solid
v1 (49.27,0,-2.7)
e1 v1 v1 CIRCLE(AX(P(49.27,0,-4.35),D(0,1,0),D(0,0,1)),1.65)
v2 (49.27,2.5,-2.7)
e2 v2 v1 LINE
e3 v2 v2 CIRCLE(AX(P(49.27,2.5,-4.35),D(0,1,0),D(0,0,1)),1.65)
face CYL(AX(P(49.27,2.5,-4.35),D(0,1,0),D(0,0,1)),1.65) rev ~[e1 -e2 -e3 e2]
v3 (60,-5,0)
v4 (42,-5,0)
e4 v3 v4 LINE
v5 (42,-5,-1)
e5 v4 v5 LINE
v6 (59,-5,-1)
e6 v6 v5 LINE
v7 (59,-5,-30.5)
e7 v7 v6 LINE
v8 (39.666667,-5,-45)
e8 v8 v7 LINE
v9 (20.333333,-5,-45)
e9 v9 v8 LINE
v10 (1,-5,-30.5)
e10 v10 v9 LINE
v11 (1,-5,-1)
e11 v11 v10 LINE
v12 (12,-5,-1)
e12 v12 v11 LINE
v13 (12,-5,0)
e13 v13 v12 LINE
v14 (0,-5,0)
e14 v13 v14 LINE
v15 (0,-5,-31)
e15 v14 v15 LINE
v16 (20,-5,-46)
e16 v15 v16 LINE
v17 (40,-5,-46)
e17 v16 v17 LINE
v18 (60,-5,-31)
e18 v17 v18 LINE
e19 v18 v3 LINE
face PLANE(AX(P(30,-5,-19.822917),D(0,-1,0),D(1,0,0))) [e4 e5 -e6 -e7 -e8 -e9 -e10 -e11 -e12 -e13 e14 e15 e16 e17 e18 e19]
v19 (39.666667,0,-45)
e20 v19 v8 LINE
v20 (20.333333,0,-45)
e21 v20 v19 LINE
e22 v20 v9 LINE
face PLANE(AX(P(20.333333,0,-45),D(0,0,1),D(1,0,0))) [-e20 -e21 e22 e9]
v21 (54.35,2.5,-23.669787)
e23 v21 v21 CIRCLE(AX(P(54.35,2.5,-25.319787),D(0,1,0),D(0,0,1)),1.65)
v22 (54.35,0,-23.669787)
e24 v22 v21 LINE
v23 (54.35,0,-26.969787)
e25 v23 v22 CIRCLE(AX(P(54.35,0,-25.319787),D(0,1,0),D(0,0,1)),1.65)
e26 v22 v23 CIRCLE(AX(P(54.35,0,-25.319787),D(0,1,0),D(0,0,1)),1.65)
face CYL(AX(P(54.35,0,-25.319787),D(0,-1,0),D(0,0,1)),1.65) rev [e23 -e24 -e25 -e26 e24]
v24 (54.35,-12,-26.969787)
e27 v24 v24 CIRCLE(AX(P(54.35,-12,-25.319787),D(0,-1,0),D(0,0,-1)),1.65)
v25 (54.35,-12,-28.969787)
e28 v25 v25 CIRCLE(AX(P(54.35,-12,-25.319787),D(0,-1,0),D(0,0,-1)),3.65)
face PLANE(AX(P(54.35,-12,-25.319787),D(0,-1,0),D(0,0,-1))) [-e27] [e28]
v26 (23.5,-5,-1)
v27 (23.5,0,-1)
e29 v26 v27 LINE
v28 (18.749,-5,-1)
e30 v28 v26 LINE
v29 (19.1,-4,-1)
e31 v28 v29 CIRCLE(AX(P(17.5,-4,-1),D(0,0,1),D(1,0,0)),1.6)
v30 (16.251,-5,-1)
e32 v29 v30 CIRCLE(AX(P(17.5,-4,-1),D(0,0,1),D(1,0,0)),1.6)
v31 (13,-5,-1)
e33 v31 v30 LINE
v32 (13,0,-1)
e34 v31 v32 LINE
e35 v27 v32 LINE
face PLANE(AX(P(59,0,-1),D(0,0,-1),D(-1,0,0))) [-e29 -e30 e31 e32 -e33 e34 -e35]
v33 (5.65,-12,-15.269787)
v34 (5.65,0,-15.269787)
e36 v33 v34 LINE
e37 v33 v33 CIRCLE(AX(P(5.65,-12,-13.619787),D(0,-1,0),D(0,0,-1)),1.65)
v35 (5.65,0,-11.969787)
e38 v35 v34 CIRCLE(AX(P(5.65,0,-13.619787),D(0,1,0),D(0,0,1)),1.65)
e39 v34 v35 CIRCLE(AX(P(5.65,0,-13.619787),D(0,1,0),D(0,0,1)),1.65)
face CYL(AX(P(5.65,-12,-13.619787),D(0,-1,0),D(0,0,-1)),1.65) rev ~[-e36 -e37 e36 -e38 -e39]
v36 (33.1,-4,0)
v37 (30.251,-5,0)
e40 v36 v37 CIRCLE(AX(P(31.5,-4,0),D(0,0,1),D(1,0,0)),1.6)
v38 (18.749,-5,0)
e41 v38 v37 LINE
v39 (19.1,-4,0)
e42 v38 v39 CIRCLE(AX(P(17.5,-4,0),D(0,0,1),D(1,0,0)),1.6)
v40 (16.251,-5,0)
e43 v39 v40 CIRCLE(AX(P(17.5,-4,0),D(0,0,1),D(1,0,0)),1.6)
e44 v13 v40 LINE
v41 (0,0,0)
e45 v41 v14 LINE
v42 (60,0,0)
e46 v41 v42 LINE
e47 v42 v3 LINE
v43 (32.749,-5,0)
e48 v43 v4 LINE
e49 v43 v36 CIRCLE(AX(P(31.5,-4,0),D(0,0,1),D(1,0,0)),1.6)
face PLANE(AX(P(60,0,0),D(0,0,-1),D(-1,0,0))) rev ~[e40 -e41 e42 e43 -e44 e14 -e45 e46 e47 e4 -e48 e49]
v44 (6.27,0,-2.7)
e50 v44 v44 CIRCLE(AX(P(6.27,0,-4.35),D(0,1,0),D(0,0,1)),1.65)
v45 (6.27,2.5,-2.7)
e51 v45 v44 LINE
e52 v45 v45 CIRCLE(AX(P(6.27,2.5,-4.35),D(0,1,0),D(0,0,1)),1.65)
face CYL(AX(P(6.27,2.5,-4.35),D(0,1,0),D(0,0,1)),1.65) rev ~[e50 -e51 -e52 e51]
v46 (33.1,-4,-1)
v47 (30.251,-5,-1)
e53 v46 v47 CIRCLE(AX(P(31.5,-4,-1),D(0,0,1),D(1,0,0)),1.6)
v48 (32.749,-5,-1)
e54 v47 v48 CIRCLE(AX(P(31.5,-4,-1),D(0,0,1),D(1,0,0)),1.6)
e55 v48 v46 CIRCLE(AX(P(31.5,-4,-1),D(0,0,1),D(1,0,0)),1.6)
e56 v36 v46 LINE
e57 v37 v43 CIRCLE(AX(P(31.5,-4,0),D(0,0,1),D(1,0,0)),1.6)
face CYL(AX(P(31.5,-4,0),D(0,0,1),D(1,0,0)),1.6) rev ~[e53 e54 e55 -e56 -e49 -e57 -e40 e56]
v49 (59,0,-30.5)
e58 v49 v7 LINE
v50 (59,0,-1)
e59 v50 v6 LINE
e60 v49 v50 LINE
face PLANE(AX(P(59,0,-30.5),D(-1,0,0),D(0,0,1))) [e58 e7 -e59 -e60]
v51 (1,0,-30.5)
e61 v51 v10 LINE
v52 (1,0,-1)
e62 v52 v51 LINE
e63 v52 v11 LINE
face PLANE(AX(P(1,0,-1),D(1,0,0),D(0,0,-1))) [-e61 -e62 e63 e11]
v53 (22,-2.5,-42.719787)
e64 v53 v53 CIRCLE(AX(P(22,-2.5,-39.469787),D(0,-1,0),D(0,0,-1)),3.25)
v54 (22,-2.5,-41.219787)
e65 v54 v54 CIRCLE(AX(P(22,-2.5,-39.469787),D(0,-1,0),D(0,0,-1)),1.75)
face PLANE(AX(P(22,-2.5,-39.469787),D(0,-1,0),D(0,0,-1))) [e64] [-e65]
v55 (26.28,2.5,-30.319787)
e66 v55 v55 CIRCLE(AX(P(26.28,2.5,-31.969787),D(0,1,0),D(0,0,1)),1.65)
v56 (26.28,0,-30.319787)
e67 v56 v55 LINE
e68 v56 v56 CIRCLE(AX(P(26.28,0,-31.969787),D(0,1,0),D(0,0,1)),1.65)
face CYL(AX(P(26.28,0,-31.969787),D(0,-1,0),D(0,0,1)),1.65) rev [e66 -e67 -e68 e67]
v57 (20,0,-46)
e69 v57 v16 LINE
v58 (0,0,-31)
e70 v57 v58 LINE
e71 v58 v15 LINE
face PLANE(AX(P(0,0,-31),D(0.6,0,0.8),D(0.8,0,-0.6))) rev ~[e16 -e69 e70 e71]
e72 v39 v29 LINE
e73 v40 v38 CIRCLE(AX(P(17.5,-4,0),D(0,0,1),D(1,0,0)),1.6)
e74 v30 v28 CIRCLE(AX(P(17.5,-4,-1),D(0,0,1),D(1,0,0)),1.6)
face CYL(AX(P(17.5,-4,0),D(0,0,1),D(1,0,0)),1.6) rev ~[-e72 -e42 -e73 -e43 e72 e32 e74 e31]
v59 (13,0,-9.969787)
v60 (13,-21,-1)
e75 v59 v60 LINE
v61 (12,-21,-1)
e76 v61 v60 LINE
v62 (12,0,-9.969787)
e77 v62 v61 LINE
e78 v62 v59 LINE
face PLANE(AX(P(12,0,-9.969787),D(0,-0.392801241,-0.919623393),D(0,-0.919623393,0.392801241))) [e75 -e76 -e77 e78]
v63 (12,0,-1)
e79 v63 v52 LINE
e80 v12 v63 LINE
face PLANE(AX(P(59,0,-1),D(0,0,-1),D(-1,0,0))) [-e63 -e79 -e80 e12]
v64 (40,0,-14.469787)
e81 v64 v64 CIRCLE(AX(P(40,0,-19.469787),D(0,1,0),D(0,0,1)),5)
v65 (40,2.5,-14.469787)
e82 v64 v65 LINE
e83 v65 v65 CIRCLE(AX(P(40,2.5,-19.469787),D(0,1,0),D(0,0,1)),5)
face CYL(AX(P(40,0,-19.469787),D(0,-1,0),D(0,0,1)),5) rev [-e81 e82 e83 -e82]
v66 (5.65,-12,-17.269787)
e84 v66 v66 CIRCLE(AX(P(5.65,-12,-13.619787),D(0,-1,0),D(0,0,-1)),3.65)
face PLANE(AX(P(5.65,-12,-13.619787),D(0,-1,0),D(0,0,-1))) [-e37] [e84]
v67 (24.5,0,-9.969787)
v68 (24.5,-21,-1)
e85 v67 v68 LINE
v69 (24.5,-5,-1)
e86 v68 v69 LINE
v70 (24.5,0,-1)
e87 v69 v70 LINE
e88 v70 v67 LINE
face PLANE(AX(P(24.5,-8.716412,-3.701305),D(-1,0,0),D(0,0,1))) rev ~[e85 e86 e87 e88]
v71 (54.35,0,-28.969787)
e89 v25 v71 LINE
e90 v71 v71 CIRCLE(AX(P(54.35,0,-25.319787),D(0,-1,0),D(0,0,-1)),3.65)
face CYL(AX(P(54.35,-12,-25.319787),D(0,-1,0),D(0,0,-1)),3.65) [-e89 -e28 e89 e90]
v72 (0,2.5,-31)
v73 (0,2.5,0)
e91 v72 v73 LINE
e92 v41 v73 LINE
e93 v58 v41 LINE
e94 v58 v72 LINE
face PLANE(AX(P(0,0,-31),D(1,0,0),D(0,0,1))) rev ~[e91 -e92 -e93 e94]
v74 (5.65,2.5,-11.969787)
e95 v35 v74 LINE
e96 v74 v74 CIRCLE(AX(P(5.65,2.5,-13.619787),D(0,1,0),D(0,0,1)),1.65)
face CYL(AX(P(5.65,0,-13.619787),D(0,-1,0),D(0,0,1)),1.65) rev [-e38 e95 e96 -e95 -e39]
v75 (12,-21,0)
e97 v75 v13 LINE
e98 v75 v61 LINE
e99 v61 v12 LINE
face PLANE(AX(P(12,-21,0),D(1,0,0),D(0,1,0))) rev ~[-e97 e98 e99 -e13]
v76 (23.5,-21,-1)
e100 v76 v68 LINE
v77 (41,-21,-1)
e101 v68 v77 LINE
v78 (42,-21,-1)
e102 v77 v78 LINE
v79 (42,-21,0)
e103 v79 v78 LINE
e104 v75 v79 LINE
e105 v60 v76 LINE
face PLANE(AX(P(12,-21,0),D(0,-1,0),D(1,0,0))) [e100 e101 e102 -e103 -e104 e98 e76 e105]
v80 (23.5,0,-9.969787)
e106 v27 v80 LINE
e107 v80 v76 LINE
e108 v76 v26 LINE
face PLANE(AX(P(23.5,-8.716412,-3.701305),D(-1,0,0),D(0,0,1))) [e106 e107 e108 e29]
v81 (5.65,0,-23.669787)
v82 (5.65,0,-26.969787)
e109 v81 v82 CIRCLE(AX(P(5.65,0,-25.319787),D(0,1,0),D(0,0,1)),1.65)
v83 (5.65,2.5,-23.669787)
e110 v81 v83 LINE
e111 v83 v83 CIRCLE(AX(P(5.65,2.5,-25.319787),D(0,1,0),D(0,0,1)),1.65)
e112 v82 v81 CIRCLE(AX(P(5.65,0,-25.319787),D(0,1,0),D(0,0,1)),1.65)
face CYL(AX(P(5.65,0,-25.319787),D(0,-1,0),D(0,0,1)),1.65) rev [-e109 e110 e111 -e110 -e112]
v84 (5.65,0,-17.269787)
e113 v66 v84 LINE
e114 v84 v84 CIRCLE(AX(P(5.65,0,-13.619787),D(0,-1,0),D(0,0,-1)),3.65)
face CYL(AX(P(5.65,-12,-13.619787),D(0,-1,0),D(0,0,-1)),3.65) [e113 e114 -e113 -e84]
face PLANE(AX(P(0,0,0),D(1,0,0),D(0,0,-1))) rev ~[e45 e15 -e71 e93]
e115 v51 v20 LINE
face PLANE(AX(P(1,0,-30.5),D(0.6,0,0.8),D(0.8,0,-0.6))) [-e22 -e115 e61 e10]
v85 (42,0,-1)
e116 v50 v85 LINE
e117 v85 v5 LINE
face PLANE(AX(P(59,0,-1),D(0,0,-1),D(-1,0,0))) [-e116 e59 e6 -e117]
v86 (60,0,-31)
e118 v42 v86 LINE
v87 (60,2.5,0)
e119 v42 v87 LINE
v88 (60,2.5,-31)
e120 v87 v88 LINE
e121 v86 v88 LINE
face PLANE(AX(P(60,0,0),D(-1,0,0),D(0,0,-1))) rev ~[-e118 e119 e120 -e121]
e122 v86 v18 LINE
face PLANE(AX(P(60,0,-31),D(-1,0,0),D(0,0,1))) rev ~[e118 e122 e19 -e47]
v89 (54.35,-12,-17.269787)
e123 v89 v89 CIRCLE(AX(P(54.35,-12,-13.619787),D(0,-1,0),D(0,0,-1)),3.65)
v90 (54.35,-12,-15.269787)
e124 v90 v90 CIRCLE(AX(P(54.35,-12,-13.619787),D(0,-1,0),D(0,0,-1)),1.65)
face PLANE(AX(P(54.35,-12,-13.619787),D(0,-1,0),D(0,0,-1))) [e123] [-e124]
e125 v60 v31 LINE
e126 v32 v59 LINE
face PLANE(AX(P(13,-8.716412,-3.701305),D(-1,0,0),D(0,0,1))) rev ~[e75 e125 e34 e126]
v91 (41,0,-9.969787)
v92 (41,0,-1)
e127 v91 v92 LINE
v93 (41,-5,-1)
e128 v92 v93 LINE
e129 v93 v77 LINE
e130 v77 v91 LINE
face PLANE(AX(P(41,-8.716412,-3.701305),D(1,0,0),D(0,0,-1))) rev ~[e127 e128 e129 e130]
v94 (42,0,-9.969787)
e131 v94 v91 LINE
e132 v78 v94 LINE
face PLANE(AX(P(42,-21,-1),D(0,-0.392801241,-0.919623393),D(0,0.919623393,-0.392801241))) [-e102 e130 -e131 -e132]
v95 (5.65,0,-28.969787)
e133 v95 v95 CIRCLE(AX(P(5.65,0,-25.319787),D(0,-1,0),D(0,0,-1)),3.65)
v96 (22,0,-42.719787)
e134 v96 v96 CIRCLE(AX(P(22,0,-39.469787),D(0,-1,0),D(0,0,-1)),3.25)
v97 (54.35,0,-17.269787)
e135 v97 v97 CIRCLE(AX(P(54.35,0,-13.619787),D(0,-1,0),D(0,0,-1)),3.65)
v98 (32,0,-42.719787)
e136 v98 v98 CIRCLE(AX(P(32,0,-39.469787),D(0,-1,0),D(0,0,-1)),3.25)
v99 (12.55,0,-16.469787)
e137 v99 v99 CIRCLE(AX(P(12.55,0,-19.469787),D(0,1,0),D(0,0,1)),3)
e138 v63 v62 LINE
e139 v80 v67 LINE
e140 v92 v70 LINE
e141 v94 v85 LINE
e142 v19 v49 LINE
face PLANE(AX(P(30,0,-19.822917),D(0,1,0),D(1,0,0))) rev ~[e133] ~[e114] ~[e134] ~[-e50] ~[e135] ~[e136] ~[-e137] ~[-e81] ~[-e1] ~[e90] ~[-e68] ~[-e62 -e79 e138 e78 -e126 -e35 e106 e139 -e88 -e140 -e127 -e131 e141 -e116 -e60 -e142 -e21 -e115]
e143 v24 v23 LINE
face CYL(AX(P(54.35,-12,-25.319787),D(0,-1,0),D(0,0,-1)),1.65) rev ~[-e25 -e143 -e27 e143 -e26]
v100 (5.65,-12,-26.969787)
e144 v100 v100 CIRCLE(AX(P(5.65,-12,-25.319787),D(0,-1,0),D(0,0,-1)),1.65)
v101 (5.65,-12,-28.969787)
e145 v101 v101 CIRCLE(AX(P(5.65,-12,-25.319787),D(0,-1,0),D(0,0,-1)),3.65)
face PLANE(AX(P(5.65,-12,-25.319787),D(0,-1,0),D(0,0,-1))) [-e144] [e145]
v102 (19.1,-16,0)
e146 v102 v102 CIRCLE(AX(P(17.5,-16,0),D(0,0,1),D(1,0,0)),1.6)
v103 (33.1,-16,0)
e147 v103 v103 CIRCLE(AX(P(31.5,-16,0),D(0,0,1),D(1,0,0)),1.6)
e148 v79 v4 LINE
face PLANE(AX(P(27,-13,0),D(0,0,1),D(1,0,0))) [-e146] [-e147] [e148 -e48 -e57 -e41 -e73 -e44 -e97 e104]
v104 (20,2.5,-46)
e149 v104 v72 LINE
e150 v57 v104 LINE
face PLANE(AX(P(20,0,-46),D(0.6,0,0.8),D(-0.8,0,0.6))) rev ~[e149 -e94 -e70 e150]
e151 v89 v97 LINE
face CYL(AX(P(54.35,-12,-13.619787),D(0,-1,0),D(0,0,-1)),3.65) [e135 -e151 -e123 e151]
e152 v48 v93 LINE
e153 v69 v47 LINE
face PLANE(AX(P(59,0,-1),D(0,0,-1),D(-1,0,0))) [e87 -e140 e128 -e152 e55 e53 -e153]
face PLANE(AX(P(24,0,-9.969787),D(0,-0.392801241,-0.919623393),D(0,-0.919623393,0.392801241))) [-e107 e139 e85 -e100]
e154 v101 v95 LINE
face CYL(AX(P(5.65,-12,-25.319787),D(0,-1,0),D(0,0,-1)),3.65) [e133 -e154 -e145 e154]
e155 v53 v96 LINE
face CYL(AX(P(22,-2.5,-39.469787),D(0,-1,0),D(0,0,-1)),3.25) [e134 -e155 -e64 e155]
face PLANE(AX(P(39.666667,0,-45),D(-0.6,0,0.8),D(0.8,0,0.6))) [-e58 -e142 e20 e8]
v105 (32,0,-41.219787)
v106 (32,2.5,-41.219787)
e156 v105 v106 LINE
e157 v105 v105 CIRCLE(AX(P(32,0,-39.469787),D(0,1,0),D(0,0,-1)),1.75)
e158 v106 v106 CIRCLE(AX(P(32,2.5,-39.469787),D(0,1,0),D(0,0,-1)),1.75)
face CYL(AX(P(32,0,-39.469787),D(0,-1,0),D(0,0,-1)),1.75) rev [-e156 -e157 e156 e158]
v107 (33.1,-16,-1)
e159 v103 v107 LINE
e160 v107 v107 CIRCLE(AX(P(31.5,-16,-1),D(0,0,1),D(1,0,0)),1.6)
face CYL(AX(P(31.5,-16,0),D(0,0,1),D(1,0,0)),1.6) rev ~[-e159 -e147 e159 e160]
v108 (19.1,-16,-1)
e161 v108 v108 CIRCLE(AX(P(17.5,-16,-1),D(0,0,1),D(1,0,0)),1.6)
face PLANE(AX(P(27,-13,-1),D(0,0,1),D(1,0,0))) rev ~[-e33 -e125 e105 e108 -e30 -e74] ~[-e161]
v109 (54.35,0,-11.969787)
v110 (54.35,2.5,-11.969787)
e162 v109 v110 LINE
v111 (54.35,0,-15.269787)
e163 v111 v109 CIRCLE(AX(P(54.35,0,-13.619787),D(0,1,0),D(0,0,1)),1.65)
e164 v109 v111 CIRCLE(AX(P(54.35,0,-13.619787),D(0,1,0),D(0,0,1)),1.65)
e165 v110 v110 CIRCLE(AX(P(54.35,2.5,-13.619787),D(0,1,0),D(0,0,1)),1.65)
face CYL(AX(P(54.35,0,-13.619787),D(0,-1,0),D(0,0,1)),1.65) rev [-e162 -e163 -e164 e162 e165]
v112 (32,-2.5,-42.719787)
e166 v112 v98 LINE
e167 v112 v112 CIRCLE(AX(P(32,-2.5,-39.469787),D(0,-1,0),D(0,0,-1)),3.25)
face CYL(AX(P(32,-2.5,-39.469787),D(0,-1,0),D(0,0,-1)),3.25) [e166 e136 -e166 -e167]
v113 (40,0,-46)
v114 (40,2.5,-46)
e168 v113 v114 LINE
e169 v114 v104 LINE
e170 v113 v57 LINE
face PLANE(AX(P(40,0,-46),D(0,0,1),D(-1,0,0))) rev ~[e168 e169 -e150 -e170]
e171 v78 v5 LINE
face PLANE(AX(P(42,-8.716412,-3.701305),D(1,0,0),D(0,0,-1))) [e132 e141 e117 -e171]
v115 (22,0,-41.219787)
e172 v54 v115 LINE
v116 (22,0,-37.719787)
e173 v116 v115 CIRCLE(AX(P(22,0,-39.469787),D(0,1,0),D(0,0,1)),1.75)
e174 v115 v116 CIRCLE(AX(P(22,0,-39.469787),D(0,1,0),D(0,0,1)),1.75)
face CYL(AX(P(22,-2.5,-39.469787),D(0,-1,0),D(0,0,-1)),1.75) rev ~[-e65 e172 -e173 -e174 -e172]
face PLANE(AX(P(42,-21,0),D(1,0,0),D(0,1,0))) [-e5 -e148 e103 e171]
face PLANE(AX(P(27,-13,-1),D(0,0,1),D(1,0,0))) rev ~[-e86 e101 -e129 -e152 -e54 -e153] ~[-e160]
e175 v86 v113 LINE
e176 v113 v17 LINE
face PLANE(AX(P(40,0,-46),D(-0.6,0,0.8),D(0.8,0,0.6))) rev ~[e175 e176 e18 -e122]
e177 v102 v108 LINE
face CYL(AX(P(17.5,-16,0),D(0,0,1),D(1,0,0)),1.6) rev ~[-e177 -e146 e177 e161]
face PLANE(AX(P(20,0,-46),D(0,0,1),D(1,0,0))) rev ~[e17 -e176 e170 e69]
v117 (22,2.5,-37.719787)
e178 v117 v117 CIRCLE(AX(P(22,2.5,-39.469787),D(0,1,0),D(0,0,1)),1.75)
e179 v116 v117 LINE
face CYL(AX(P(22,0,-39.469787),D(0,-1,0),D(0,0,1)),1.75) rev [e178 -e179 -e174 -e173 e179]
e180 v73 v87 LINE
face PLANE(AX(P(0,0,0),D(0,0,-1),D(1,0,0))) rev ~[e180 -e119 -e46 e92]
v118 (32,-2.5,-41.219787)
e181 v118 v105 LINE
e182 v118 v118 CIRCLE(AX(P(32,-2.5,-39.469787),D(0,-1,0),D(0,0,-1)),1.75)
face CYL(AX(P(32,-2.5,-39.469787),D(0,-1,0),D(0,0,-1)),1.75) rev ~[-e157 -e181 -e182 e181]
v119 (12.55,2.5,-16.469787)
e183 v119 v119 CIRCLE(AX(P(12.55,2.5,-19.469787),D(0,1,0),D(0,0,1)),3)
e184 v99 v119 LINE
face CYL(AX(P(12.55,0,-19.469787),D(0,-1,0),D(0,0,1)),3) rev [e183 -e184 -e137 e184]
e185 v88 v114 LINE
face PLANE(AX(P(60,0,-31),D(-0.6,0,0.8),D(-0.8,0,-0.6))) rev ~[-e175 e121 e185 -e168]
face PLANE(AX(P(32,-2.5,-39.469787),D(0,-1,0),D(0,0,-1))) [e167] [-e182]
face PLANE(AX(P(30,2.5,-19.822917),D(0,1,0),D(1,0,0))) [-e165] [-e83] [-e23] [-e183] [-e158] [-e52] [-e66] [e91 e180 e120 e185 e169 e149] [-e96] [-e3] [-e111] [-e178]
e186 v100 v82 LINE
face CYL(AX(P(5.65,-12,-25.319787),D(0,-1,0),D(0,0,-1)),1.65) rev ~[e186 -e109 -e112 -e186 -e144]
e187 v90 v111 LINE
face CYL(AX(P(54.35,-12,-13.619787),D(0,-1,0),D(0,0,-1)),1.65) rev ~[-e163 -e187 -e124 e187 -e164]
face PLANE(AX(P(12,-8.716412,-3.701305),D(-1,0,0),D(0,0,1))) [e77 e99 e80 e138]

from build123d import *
from build123d.topology import SkipClean

# Parameters (mm, degrees)
SKETCH_1_R          = 1.65
SKETCH_1_R_2        = 5
SKETCH_1_R_3        = 3
SKETCH_1_R_4        = 1.75
EXTRUDE_1_DEPTH     = 2.5
EXTRUDE_START       = 12
SKETCH_2_R          = 3.65
SKETCH_2_R_2        = 1.65
EXTRUDE_2_DEPTH     = 12
EXTRUDE_START_2     = 2.5
SKETCH_4_R          = 3.25
SKETCH_4_R_2        = 1.75
EXTRUDE_3_DEPTH     = 2.5
EXTRUDE_5_DEPTH     = 5
SKETCH_10_W         = 30
SKETCH_10_H         = 16
EXTRUDE_7_DEPTH     = 1
EXTRUDE_8_DEPTH     = 0.5
EXTRUDE_9_DEPTH     = 1
EXTRUDE_10_DEPTH    = 1
SKETCH_15_R         = 1.6
CUT_EXTRUDE_1_DEPTH = 1
SKETCH_16_R         = 1.65
CUT_EXTRUDE_2_DEPTH = 10


with BuildPart() as part:
    # 草图1 → 凸台-拉伸1 (new body)
    with BuildSketch(Plane(origin=(0, 0, 0), x_dir=(1, 0, 0), z_dir=(0, 1, 0))):
        Polygon((0, 0), (60, 0), (60, 31), (40, 46), (20, 46), (0, 31), align=None)
        with Locations(Location((5.65, 13.619787101, 0), (0, 0, 270))):
            Circle(SKETCH_1_R, mode=Mode.SUBTRACT)
        with Locations(Location((54.35, 13.619787101, 0), (0, 0, 270))):
            Circle(SKETCH_1_R, mode=Mode.SUBTRACT)
        with Locations(Location((5.65, 25.319787101, 0), (0, 0, 270))):
            Circle(SKETCH_1_R, mode=Mode.SUBTRACT)
        with Locations(Location((54.35, 25.319787101, 0), (0, 0, 270))):
            Circle(SKETCH_1_R, mode=Mode.SUBTRACT)
        with Locations(Location((40, 19.469787101, 0), (0, 0, 270))):
            Circle(SKETCH_1_R_2, mode=Mode.SUBTRACT)
        with Locations(Location((12.55, 19.469787101, 0), (0, 0, 270))):
            Circle(SKETCH_1_R_3, mode=Mode.SUBTRACT)
        with Locations(Location((26.28, 31.969787101, 0), (0, 0, 270))):
            Circle(SKETCH_1_R, mode=Mode.SUBTRACT)
        with Locations(Location((22, 39.469787101, 0), (0, 0, 270))):
            Circle(SKETCH_1_R_4, mode=Mode.SUBTRACT)
        with Locations(Location((32, 39.469787101, 0), (0, 0, 90))):
            Circle(SKETCH_1_R_4, mode=Mode.SUBTRACT)
    extrude(amount=EXTRUDE_1_DEPTH)

    # 草图2 → 凸台-拉伸2 (add)
    # profile 1 of 4: a face of its own
    with SkipClean():  # the faces are left unmerged after this step: merging them gives an invalid solid
        with BuildSketch(Plane.XZ.offset(EXTRUDE_START)):
            with Locations(Location((5.65, -13.619787101, 0), (0, 0, 270))):
                Circle(SKETCH_2_R)
            with Locations(Location((5.65, -13.619787101, 0), (0, 0, 270))):
                Circle(SKETCH_2_R_2, mode=Mode.SUBTRACT)
        # profile 2 of 4: a face of its own
        with BuildSketch(Plane.XZ.offset(EXTRUDE_START)):
            with Locations(Location((5.65, -25.319787101, 0), (0, 0, 270))):
                Circle(SKETCH_2_R)
            with Locations(Location((5.65, -25.319787101, 0), (0, 0, 270))):
                Circle(SKETCH_2_R_2, mode=Mode.SUBTRACT)
        # profile 3 of 4: a face of its own
        with BuildSketch(Plane.XZ.offset(EXTRUDE_START)):
            with Locations(Location((54.35, -13.619787101, 0), (0, 0, 270))):
                Circle(SKETCH_2_R)
            with Locations(Location((54.35, -13.619787101, 0), (0, 0, 270))):
                Circle(SKETCH_2_R_2, mode=Mode.SUBTRACT)
        # profile 4 of 4: a face of its own
        with BuildSketch(Plane.XZ.offset(EXTRUDE_START)):
            with Locations(Location((54.35, -25.319787101, 0), (0, 0, 270))):
                Circle(SKETCH_2_R)
            with Locations(Location((54.35, -25.319787101, 0), (0, 0, 270))):
                Circle(SKETCH_2_R_2, mode=Mode.SUBTRACT)
        extrude(amount=-EXTRUDE_2_DEPTH)

    # 草图4 → 凸台-拉伸3 (add)
    # profile 1 of 2: a face of its own
    with SkipClean():  # the faces are left unmerged after this step: merging them gives an invalid solid
        with BuildSketch(Plane.XZ.offset(EXTRUDE_START_2)):
            with Locations(Location((22, -39.469787101, 0), (0, 0, 270))):
                Circle(SKETCH_4_R)
            with Locations(Location((22, -39.469787101, 0), (0, 0, 270))):
                Circle(SKETCH_4_R_2, mode=Mode.SUBTRACT)
        # profile 2 of 2: a face of its own
        with BuildSketch(Plane.XZ.offset(EXTRUDE_START_2)):
            with Locations(Location((32, -39.469787101, 0), (0, 0, 270))):
                Circle(SKETCH_4_R)
            with Locations(Location((32, -39.469787101, 0), (0, 0, 270))):
                Circle(SKETCH_4_R_2, mode=Mode.SUBTRACT)
        extrude(amount=-EXTRUDE_3_DEPTH)

    # 草图6 → 凸台-拉伸5 (add)
    with SkipClean():  # the faces are left unmerged after this step: merging them gives an invalid solid
        with BuildSketch(Plane.XZ):
            Polygon((0, -31), (20, -46), (40, -46), (60, -31), (60, 0), (0, 0), align=None)
            Polygon((1, -1), (1, -30.5), (20.333333333, -45), (39.666666667, -45), (59, -30.5), (59, -1), align=None, mode=Mode.SUBTRACT)
        extrude(amount=EXTRUDE_5_DEPTH)

    # 草图10 → 凸台-拉伸7 (add)
    with SkipClean():  # the faces are left unmerged after this step: merging them gives an invalid solid
        with BuildSketch(Plane.XY):
            with Locations((27, -13)):
                Rectangle(SKETCH_10_W, SKETCH_10_H)
        extrude(amount=-EXTRUDE_7_DEPTH)

    # 草图11 → 凸台-拉伸8 (add, symmetric)
    with SkipClean():  # the faces are left unmerged after this step: merging them gives an invalid solid
        with BuildSketch(Plane.ZY.offset(-24)):
            Polygon((-1, -21), (-1, 0), (-9.969787101, 0), align=None)
        extrude(amount=EXTRUDE_8_DEPTH, both=True)

    # 草图12 → 凸台-拉伸9 (add)
    with SkipClean():  # the faces are left unmerged after this step: merging them gives an invalid solid
        with BuildSketch(Plane.ZY.offset(-12)):
            Polygon((-1, -21), (-1, 0), (-9.969787101, 0), align=None)
        extrude(amount=-EXTRUDE_9_DEPTH)

    # 草图13 → 凸台-拉伸10 (add)
    with SkipClean():  # the faces are left unmerged after this step: merging them gives an invalid solid
        with BuildSketch(Plane(origin=(42, 0, 0), x_dir=(0, 0, -1), z_dir=(1, 0, 0))):
            Polygon((1, -21), (9.969787101, 0), (1, 0), align=None)
        extrude(amount=-EXTRUDE_10_DEPTH)

    # 草图15 → 切除-拉伸1 (cut)
    with SkipClean():  # the faces are left unmerged after this step: merging them gives an invalid solid
        with BuildSketch(Plane.XY):
            with Locations((17.5, -16)):
                Circle(SKETCH_15_R)
            with Locations((17.5, -4)):
                Circle(SKETCH_15_R)
            with Locations((31.5, -16)):
                Circle(SKETCH_15_R)
            with Locations((31.5, -4)):
                Circle(SKETCH_15_R)
        extrude(amount=-CUT_EXTRUDE_1_DEPTH, mode=Mode.SUBTRACT)

    # 草图16 → 切除-拉伸2 (cut)
    with SkipClean():  # the faces are left unmerged after this step: merging them gives an invalid solid
        with BuildSketch(Plane(origin=(0, 2.5, 0), x_dir=(1, 0, 0), z_dir=(0, 1, 0))):
            with Locations(Location((6.27, 4.35, 0), (0, 0, 270))):
                Circle(SKETCH_16_R)
            with Locations(Location((49.27, 4.35, 0), (0, 0, 270))):
                Circle(SKETCH_16_R)
        extrude(amount=-CUT_EXTRUDE_2_DEPTH, mode=Mode.SUBTRACT)


solid = part.part
